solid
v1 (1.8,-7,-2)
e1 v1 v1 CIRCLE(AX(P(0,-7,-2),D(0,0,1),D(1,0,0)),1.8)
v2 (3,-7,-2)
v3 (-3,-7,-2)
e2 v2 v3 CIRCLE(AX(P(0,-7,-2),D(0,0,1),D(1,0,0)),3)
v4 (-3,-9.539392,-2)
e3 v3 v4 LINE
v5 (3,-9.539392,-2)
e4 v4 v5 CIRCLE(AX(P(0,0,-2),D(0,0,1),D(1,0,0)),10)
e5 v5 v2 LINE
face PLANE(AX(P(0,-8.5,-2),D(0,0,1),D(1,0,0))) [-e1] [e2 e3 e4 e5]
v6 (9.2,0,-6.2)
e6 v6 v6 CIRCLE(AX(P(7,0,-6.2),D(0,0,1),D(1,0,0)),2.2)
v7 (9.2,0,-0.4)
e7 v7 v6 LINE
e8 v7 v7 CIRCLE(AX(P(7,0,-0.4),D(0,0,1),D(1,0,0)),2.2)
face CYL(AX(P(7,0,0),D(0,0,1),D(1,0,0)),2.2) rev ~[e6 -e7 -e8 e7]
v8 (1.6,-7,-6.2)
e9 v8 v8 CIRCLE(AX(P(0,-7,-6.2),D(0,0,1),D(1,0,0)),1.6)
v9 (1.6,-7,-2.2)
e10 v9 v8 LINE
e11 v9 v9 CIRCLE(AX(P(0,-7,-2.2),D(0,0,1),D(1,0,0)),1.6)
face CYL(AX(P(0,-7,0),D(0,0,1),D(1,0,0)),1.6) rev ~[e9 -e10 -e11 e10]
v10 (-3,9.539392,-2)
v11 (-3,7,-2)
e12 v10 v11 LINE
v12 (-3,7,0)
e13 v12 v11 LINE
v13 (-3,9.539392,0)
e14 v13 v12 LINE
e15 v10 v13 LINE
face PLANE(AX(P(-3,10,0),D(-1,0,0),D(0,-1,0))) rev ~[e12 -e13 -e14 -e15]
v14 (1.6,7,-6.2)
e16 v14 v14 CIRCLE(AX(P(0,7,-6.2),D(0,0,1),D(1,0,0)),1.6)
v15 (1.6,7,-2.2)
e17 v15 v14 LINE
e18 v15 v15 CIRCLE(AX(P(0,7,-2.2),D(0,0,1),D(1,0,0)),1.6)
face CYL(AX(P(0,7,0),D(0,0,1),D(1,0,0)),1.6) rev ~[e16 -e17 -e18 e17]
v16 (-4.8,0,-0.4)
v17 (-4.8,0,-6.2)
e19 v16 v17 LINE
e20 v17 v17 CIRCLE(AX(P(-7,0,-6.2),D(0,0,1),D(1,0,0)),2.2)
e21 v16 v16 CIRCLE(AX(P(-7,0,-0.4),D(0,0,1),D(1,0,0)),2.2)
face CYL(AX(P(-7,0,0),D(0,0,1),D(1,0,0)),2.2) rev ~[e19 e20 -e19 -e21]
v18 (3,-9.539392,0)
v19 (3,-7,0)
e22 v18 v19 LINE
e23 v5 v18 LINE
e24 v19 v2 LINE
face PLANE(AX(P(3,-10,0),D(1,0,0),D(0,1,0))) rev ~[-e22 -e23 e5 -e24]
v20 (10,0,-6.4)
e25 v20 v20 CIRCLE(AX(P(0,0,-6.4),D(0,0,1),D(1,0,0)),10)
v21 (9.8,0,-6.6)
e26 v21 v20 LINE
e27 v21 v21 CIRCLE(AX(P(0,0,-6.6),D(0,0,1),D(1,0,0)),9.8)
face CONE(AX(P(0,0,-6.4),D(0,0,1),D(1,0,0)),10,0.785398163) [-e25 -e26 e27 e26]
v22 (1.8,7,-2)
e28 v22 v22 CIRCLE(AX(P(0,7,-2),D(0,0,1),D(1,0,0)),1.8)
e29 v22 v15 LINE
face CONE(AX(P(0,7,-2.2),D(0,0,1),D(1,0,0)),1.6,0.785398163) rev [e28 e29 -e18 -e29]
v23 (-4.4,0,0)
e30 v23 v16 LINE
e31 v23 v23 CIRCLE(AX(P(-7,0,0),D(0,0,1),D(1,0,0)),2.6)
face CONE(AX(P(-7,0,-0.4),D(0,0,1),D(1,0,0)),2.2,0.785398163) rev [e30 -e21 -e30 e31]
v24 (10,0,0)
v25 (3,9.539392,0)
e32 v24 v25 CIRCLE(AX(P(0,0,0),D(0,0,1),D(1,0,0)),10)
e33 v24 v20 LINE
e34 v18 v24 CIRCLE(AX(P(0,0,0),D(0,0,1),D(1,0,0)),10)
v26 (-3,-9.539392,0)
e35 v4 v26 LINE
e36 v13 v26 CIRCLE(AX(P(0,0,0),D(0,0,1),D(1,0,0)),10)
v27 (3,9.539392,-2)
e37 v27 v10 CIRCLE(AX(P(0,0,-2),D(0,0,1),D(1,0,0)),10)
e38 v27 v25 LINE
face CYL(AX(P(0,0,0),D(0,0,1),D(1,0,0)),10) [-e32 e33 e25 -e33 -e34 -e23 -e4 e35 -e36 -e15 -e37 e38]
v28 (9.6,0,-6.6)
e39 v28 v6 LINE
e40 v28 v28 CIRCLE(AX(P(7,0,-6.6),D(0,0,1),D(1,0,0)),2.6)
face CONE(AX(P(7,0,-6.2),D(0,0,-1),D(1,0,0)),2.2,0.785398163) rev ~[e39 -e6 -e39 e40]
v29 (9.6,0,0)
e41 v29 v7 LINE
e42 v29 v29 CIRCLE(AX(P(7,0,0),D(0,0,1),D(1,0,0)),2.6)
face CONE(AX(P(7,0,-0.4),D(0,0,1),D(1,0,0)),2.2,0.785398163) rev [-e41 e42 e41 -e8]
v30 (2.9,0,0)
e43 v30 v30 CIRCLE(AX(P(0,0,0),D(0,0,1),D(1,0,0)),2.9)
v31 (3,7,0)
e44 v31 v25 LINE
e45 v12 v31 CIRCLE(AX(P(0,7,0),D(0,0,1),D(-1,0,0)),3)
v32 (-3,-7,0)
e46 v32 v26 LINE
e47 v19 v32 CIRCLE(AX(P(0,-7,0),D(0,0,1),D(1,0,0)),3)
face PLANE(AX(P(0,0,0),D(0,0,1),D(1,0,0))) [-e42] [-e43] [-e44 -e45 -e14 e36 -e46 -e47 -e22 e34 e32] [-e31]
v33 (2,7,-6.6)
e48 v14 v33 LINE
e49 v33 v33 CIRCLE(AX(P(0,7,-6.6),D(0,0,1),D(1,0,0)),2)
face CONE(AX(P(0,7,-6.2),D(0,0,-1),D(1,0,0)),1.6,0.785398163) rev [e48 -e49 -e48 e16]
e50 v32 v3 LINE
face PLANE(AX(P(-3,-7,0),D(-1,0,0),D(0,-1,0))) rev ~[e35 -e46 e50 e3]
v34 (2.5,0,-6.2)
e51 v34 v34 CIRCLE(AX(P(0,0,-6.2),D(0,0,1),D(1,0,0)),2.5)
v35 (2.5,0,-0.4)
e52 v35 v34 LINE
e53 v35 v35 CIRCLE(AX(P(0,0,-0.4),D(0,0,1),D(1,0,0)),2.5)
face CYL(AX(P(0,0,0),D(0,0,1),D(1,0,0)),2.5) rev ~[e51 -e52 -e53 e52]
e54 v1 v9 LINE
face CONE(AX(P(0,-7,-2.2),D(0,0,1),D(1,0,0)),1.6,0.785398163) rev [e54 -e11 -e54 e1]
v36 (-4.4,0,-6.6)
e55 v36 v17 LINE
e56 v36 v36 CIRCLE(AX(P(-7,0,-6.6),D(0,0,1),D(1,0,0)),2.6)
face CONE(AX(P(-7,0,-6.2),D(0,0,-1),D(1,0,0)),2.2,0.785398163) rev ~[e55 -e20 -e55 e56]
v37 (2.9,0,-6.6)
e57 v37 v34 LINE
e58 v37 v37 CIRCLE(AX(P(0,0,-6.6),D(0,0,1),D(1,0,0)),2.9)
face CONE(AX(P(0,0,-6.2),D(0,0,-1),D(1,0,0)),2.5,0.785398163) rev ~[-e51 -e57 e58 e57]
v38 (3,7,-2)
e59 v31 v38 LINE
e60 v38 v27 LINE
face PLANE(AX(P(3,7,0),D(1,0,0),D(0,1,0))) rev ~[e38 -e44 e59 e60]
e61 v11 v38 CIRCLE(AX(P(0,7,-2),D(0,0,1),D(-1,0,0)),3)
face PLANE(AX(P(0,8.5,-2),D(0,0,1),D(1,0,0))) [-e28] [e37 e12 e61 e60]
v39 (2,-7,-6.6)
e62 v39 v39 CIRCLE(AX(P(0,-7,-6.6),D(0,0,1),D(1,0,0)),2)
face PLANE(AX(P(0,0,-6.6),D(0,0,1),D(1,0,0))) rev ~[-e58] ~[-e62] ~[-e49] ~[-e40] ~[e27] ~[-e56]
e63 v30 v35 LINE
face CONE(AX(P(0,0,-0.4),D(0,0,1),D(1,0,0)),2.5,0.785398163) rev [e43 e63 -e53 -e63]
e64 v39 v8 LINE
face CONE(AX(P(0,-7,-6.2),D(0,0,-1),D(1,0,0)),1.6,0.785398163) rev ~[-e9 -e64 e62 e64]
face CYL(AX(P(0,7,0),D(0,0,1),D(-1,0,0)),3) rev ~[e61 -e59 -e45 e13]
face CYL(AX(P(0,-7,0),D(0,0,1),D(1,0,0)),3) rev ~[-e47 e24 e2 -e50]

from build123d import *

# Parameters (mm, degrees)
SKETCH085_R     = 10
SKETCH085_R_2   = 1.6
SKETCH085_R_3   = 2.2
SKETCH085_R_4   = 2.5
PAD046_DEPTH    = 6.6
POCKET005_DEPTH = 2
CHAMFER002_SIZE = 0.2
CHAMFER003_SIZE = 0.4
CHAMFER004_SIZE = 0.2


with BuildPart() as part:
    # Sketch085 → Pad046 (new body)
    with BuildSketch(Plane.XY):
        Circle(SKETCH085_R)
        with Locations((0, 7)):
            Circle(SKETCH085_R_2, mode=Mode.SUBTRACT)
        with Locations((7, 0)):
            Circle(SKETCH085_R_3, mode=Mode.SUBTRACT)
        with Locations((0, -7)):
            Circle(SKETCH085_R_2, mode=Mode.SUBTRACT)
        with Locations((-7, 0)):
            Circle(SKETCH085_R_3, mode=Mode.SUBTRACT)
        Circle(SKETCH085_R_4, mode=Mode.SUBTRACT)
    extrude(amount=-PAD046_DEPTH)

    # Sketch086 → Pocket005 (cut)
    with BuildSketch(Plane.XY):
        with BuildLine():
            ThreePointArc((-3, 7), (0, 4), (3, 7))
            Line((3, 7), (3, 10))
            ThreePointArc((3, 10), (0, 13), (-3, 10))
            Line((-3, 10), (-3, 7))
        make_face()
        with BuildLine():
            ThreePointArc((3, -7), (0, -4), (-3, -7))
            Line((-3, -7), (-3, -10))
            ThreePointArc((-3, -10), (0, -13), (3, -10))
            Line((3, -10), (3, -7))
        make_face()
    extrude(amount=-POCKET005_DEPTH, mode=Mode.SUBTRACT)

    # Chamfer002
    chamfer002_edges = [part.edges().sort_by_distance(p)[0] for p in [
        (-1.6, 7, -2),
        (-1.6, -7, -2),
    ]]
    chamfer(chamfer002_edges, length=CHAMFER002_SIZE)

    # Chamfer003
    chamfer003_edges = [part.edges().sort_by_distance(p)[0] for p in [
        (4.8, 0, 0),
        (-9.2, 0, 0),
        (-2.5, 0, 0),
        (-1.6, 7, -6.6),
        (-2.5, 0, -6.6),
        (4.8, 0, -6.6),
        (-1.6, -7, -6.6),
        (-9.2, 0, -6.6),
    ]]
    chamfer(chamfer003_edges, length=CHAMFER003_SIZE)

    # Chamfer004
    chamfer004_edges = [part.edges().sort_by_distance(p)[0] for p in [
        (-10, 0, -6.6),
    ]]
    chamfer(chamfer004_edges, length=CHAMFER004_SIZE)


solid = part.part
